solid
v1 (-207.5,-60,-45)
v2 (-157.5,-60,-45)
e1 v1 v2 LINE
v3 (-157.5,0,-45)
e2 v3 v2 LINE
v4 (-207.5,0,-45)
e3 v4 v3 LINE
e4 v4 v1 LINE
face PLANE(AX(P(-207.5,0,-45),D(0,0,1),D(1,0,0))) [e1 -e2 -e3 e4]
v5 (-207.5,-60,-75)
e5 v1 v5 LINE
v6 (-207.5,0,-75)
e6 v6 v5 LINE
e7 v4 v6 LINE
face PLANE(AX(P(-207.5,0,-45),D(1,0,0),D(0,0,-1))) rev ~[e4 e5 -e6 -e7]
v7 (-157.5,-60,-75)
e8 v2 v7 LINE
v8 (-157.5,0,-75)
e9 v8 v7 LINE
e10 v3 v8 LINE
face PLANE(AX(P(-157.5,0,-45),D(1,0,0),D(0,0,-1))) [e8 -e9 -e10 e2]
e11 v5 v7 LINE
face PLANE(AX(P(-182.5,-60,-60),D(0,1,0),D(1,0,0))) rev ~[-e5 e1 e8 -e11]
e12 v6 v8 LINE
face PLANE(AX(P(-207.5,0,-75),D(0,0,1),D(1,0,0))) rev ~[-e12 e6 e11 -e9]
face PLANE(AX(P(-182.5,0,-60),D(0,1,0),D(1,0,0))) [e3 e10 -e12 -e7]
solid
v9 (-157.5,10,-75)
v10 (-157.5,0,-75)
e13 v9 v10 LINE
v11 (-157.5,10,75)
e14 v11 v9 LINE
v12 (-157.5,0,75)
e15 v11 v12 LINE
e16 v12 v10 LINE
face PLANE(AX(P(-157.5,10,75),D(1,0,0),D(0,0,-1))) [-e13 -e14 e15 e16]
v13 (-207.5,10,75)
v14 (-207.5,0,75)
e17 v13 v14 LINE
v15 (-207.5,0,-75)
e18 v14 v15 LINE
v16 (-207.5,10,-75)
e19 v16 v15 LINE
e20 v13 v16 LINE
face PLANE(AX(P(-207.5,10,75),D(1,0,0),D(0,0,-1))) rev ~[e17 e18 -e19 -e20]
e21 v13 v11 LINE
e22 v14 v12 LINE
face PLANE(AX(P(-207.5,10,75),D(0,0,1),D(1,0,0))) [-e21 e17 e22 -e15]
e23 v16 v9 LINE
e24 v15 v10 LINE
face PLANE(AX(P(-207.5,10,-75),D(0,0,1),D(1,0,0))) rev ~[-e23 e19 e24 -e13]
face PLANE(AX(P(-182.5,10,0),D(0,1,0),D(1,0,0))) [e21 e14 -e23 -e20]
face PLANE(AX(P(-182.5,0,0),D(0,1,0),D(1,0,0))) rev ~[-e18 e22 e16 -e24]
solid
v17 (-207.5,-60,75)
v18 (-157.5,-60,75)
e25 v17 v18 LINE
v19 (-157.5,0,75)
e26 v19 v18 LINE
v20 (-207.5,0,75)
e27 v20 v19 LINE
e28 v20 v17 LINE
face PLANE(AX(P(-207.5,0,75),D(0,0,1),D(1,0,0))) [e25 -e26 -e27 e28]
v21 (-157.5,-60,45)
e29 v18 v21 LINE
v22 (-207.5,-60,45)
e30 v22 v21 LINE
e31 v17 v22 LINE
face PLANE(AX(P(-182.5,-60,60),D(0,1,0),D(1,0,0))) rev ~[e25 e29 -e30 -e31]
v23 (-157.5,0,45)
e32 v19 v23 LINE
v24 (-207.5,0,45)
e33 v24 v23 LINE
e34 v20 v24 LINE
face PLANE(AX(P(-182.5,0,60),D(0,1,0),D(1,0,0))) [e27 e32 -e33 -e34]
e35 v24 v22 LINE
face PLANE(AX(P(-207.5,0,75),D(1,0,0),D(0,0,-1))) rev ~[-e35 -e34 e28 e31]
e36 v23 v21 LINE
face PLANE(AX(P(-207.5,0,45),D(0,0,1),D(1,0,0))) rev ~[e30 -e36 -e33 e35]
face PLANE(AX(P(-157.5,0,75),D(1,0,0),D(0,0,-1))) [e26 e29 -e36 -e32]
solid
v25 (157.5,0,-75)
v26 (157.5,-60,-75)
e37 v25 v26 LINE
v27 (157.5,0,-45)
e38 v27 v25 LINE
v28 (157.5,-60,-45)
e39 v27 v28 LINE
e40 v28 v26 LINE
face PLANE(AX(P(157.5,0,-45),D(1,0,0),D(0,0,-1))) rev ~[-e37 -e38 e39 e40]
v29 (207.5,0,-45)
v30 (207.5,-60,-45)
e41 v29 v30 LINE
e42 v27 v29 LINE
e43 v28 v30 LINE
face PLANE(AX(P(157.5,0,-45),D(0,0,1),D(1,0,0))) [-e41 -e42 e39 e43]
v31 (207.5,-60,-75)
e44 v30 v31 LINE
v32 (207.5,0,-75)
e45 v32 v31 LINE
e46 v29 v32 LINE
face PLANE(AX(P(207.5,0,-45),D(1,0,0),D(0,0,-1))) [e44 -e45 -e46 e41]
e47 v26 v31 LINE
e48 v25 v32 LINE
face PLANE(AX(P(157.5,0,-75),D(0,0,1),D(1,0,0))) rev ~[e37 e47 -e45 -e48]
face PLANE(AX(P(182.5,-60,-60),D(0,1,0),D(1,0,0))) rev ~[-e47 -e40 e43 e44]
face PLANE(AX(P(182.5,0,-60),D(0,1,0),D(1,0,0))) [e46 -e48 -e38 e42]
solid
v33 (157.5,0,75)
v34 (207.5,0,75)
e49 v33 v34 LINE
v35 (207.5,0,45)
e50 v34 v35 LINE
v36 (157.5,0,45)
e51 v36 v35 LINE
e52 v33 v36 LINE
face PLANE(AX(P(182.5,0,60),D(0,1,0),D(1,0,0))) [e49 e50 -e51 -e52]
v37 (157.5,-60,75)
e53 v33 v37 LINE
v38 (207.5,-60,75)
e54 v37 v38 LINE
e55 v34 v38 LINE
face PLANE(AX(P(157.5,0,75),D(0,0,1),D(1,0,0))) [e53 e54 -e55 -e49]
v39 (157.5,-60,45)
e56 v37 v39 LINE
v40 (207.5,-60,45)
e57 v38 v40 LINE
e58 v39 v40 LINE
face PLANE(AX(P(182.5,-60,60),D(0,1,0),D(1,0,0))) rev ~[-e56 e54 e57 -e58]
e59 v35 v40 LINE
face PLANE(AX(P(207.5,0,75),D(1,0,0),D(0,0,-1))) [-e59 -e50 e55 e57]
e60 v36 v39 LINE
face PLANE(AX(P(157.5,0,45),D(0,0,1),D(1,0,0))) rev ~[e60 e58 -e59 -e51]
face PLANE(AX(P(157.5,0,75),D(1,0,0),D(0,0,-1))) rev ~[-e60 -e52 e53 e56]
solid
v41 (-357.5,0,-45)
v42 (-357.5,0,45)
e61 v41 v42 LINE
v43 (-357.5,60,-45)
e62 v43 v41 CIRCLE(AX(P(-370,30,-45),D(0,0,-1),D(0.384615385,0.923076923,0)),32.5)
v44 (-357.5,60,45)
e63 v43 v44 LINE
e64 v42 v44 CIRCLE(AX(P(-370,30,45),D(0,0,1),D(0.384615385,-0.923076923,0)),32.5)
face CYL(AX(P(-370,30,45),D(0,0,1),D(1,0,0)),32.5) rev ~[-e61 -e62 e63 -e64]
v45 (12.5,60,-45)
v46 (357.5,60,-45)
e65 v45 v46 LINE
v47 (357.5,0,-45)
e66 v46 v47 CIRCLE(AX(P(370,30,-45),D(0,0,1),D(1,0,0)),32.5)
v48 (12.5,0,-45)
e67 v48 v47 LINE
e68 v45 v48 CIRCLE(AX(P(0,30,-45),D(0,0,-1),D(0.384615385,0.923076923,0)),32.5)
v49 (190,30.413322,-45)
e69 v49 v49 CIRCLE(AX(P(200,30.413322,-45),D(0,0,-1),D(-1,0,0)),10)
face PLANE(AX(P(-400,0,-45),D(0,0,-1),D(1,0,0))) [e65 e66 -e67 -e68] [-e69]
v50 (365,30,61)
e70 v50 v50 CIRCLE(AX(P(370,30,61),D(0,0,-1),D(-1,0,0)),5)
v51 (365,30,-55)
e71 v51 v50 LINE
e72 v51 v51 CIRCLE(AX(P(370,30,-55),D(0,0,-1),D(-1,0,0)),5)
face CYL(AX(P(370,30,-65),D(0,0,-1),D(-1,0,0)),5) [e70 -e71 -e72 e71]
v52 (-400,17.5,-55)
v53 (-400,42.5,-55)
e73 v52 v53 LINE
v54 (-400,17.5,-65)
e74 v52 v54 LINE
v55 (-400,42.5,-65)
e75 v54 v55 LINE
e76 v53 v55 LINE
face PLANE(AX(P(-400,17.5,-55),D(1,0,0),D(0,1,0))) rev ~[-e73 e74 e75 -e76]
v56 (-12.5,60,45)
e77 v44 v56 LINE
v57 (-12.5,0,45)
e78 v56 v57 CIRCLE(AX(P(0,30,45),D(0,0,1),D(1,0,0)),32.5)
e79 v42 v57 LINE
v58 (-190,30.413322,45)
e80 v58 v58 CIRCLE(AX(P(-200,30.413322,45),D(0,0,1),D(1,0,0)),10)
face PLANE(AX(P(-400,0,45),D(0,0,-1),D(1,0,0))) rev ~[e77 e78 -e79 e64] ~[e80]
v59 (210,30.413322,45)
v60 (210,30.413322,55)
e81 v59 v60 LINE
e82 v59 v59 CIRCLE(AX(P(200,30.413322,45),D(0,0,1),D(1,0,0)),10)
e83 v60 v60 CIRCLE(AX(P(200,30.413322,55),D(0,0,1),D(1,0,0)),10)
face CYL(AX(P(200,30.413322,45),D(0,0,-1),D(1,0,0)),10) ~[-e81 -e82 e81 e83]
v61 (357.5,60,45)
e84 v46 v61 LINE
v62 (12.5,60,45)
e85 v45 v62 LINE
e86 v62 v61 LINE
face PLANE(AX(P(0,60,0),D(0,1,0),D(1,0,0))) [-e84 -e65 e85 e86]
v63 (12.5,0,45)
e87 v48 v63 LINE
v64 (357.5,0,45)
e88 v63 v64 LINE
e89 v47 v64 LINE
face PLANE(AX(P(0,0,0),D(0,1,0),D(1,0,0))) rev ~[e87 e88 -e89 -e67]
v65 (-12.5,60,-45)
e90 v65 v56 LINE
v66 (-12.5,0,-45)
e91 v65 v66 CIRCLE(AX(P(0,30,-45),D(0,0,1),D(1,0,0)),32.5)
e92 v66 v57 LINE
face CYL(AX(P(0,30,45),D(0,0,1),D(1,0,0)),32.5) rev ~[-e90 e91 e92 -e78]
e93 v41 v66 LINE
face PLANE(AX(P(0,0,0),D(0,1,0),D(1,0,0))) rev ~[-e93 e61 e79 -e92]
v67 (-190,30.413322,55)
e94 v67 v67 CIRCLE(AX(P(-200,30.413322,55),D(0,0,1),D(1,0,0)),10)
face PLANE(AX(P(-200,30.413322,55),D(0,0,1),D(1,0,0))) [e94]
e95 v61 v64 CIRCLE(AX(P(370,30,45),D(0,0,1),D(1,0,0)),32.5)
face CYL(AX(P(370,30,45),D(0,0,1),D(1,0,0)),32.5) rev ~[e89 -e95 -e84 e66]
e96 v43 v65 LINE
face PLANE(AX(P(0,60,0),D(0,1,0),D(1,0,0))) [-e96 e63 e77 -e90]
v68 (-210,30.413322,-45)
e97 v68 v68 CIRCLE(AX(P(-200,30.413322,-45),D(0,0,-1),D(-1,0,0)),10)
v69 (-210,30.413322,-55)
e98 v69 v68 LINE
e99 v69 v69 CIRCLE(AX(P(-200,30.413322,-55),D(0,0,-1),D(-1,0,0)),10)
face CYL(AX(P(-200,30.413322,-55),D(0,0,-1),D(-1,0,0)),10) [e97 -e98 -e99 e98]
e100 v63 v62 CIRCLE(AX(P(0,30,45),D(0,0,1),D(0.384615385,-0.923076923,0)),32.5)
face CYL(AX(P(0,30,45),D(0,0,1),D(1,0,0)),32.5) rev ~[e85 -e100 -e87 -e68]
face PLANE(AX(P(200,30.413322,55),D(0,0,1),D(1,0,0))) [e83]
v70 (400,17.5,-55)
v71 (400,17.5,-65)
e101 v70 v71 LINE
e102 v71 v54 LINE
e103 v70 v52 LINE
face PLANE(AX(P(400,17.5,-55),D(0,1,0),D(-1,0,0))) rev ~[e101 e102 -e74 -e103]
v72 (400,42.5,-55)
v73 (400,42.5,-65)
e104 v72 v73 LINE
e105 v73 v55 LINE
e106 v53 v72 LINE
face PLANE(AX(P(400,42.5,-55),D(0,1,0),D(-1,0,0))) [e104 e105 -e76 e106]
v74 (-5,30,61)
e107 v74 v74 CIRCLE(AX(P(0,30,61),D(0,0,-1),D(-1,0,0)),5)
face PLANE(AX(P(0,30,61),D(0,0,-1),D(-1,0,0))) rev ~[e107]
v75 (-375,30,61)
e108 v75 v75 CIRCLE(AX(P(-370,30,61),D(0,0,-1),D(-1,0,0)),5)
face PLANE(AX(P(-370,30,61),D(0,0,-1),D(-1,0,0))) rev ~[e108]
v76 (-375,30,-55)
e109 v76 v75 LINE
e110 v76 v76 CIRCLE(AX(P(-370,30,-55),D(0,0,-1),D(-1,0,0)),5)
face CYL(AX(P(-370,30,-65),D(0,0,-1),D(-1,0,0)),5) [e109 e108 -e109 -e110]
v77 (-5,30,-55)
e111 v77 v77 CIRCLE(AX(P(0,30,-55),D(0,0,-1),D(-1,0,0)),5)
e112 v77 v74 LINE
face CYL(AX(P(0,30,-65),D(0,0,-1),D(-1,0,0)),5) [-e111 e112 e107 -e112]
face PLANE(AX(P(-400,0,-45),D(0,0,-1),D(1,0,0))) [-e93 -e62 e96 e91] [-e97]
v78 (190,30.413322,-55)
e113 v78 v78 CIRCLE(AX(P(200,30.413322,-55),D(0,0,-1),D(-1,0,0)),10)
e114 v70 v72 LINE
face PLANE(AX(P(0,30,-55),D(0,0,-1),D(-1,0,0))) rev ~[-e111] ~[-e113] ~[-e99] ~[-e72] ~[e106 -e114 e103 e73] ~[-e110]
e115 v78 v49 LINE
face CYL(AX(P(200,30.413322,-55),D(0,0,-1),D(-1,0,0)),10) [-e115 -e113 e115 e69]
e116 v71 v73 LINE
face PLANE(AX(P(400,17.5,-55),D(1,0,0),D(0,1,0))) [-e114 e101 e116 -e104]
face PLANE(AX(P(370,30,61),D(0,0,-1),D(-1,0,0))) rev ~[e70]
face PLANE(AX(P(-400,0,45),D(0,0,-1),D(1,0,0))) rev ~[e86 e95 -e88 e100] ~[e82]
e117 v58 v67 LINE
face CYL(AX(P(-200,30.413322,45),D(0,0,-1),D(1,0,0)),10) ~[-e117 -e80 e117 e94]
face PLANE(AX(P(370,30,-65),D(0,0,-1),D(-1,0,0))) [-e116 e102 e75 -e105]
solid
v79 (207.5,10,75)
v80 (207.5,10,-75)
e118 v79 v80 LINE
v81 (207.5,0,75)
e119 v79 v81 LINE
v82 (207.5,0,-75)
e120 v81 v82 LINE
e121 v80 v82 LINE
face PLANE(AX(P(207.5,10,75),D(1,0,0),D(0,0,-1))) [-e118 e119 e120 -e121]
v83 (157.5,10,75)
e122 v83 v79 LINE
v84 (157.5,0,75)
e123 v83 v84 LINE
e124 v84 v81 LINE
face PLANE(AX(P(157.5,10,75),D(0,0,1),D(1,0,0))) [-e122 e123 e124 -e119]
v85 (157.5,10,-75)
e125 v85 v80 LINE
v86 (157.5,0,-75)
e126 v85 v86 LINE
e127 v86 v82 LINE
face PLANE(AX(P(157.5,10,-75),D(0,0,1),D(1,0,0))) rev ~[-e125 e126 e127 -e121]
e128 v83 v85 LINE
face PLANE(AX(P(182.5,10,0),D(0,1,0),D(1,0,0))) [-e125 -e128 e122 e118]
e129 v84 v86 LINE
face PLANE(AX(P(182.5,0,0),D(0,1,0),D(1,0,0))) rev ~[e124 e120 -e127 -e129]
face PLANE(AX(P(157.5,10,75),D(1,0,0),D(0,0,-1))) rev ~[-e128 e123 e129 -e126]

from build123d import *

# Parameters (mm, degrees)
SKETCH1_W             = 800
SKETCH1_H             = 90
BOSS_EXTRUDE1_DEPTH   = 60
SKETCH2_R             = 32.5
CUT_EXTRUDE1_DEPTH    = 110
SKETCH3_W             = 800
SKETCH3_H             = 25
BOSS_EXTRUDE2_DEPTH   = 10
SKETCH4_R             = 10
BOSS_EXTRUDE3_DEPTH   = 20
SKETCH5_R             = 5
BOSS_EXTRUDE5_DEPTH   = 126
SKETCH6_W             = 50
SKETCH6_H             = 150
BOSS_EXTRUDE6_DEPTH   = 10
BOSS_EXTRUDE6_2_DEPTH = 10
SKETCH8_W             = 50
SKETCH8_H             = 30
BOSS_EXTRUDE7_DEPTH   = 60
BOSS_EXTRUDE7_2_DEPTH = 60
BOSS_EXTRUDE7_3_DEPTH = 60
BOSS_EXTRUDE7_4_DEPTH = 60
SKETCH9_R             = 10
BOSS_EXTRUDE8_DEPTH   = 10
SKETCH11_W            = 38.25894648
SKETCH11_H            = 105.501943323
SKETCH11_W_2          = 34.499866654
SKETCH11_H_2          = 108.385350348
CUT_EXTRUDE3_DEPTH    = 100


with BuildPart() as part:
    # Sketch1 → Boss-Extrude1 (new body)
    with BuildSketch(Plane(origin=(0, 0, 0), x_dir=(1, 0, 0), z_dir=(0, 1, 0))):
        Rectangle(SKETCH1_W, SKETCH1_H)
    extrude(amount=BOSS_EXTRUDE1_DEPTH)

    # Sketch2 → Cut-Extrude1 (cut)
    with BuildSketch(Plane.XY.offset(45)):
        with Locations((370, 30)):
            Circle(SKETCH2_R)
        with Locations((-370, 30)):
            Circle(SKETCH2_R)
        with Locations((0, 30)):
            Circle(SKETCH2_R)
    extrude(amount=-CUT_EXTRUDE1_DEPTH, mode=Mode.SUBTRACT)



with BuildPart() as body_2:
    # Sketch3 → Boss-Extrude2 (new body)
    with BuildSketch(Plane(origin=(0, 0, -55), x_dir=(-1, 0, 0), z_dir=(0, 0, -1))):
        with Locations((0, 30)):
            Rectangle(SKETCH3_W, SKETCH3_H)
    extrude(amount=BOSS_EXTRUDE2_DEPTH)


with BuildPart() as part_1:
    add(part.part)

    add(body_2.part)  # Boss-Extrude3 merges body 2
    # Sketch4 → Boss-Extrude3 (add)
    with BuildSketch(Plane(origin=(0, 0, -55), x_dir=(-1, 0, 0), z_dir=(0, 0, -1))):
        with Locations((-200, 30.413322318)):
            Circle(SKETCH4_R)
        with Locations((200, 30.413322318)):
            Circle(SKETCH4_R)
    extrude(amount=-BOSS_EXTRUDE3_DEPTH)

    # Sketch5 → Boss-Extrude5 (add)
    with BuildSketch(Plane(origin=(0, 0, -65), x_dir=(-1, 0, 0), z_dir=(0, 0, -1))):
        with Locations((-370, 30)):
            Circle(SKETCH5_R)
        with Locations((0, 30)):
            Circle(SKETCH5_R)
        with Locations((370, 30)):
            Circle(SKETCH5_R)
    extrude(amount=-BOSS_EXTRUDE5_DEPTH)

    # Sketch9 → Boss-Extrude8 (add)
    with BuildSketch(Plane.XY.offset(45)):
        with Locations((-200, 30.413322318)):
            Circle(SKETCH9_R)
        with Locations((200, 30.413322318)):
            Circle(SKETCH9_R)
    extrude(amount=BOSS_EXTRUDE8_DEPTH)

    # Sketch11 → Cut-Extrude3 (cut)
    with BuildSketch(Plane(origin=(0, 0, 0), x_dir=(1, 0, 0), z_dir=(0, 1, 0))):
        with Locations((395.58737716, -0.634378686)):
            Rectangle(SKETCH11_W, SKETCH11_H)
        with Locations((-395.754238744, 0.807324826)):
            Rectangle(SKETCH11_W_2, SKETCH11_H_2)
    extrude(amount=CUT_EXTRUDE3_DEPTH, mode=Mode.SUBTRACT)


with BuildPart() as body_2_2:
    # Sketch6 → Boss-Extrude6 (new body)
    with BuildSketch(Plane(origin=(0, 10, 0), x_dir=(1, 0, 0), z_dir=(0, 1, 0))):
        with Locations((182.5, 0)):
            Rectangle(SKETCH6_W, SKETCH6_H)
    extrude(amount=-BOSS_EXTRUDE6_DEPTH)


with BuildPart() as body_3:
    # Sketch6 → Boss-Extrude6 2 (new body)
    with BuildSketch(Plane(origin=(0, 10, 0), x_dir=(1, 0, 0), z_dir=(0, 1, 0))):
        with Locations((-182.5, 0)):
            Rectangle(SKETCH6_W, SKETCH6_H)
    extrude(amount=-BOSS_EXTRUDE6_2_DEPTH)


with BuildPart() as body_4:
    # Sketch8 → Boss-Extrude7 (new body)
    with BuildSketch(Plane(origin=(0, 0, 0), x_dir=(1, 0, 0), z_dir=(0, 1, 0))):
        with Locations((-182.5, -60)):
            Rectangle(SKETCH8_W, SKETCH8_H)
    extrude(amount=-BOSS_EXTRUDE7_DEPTH)


with BuildPart() as body_5:
    # Sketch8 → Boss-Extrude7 2 (new body)
    with BuildSketch(Plane(origin=(0, 0, 0), x_dir=(1, 0, 0), z_dir=(0, 1, 0))):
        with Locations((-182.5, 60)):
            Rectangle(SKETCH8_W, SKETCH8_H)
    extrude(amount=-BOSS_EXTRUDE7_2_DEPTH)


with BuildPart() as body_6:
    # Sketch8 → Boss-Extrude7 3 (new body)
    with BuildSketch(Plane(origin=(0, 0, 0), x_dir=(1, 0, 0), z_dir=(0, 1, 0))):
        with Locations((182.5, 60)):
            Rectangle(SKETCH8_W, SKETCH8_H)
    extrude(amount=-BOSS_EXTRUDE7_3_DEPTH)


with BuildPart() as body_7:
    # Sketch8 → Boss-Extrude7 4 (new body)
    with BuildSketch(Plane(origin=(0, 0, 0), x_dir=(1, 0, 0), z_dir=(0, 1, 0))):
        with Locations((182.5, -60)):
            Rectangle(SKETCH8_W, SKETCH8_H)
    extrude(amount=-BOSS_EXTRUDE7_4_DEPTH)


solid = Compound([part_1.part, body_2_2.part, body_3.part, body_4.part, body_5.part, body_6.part, body_7.part])
